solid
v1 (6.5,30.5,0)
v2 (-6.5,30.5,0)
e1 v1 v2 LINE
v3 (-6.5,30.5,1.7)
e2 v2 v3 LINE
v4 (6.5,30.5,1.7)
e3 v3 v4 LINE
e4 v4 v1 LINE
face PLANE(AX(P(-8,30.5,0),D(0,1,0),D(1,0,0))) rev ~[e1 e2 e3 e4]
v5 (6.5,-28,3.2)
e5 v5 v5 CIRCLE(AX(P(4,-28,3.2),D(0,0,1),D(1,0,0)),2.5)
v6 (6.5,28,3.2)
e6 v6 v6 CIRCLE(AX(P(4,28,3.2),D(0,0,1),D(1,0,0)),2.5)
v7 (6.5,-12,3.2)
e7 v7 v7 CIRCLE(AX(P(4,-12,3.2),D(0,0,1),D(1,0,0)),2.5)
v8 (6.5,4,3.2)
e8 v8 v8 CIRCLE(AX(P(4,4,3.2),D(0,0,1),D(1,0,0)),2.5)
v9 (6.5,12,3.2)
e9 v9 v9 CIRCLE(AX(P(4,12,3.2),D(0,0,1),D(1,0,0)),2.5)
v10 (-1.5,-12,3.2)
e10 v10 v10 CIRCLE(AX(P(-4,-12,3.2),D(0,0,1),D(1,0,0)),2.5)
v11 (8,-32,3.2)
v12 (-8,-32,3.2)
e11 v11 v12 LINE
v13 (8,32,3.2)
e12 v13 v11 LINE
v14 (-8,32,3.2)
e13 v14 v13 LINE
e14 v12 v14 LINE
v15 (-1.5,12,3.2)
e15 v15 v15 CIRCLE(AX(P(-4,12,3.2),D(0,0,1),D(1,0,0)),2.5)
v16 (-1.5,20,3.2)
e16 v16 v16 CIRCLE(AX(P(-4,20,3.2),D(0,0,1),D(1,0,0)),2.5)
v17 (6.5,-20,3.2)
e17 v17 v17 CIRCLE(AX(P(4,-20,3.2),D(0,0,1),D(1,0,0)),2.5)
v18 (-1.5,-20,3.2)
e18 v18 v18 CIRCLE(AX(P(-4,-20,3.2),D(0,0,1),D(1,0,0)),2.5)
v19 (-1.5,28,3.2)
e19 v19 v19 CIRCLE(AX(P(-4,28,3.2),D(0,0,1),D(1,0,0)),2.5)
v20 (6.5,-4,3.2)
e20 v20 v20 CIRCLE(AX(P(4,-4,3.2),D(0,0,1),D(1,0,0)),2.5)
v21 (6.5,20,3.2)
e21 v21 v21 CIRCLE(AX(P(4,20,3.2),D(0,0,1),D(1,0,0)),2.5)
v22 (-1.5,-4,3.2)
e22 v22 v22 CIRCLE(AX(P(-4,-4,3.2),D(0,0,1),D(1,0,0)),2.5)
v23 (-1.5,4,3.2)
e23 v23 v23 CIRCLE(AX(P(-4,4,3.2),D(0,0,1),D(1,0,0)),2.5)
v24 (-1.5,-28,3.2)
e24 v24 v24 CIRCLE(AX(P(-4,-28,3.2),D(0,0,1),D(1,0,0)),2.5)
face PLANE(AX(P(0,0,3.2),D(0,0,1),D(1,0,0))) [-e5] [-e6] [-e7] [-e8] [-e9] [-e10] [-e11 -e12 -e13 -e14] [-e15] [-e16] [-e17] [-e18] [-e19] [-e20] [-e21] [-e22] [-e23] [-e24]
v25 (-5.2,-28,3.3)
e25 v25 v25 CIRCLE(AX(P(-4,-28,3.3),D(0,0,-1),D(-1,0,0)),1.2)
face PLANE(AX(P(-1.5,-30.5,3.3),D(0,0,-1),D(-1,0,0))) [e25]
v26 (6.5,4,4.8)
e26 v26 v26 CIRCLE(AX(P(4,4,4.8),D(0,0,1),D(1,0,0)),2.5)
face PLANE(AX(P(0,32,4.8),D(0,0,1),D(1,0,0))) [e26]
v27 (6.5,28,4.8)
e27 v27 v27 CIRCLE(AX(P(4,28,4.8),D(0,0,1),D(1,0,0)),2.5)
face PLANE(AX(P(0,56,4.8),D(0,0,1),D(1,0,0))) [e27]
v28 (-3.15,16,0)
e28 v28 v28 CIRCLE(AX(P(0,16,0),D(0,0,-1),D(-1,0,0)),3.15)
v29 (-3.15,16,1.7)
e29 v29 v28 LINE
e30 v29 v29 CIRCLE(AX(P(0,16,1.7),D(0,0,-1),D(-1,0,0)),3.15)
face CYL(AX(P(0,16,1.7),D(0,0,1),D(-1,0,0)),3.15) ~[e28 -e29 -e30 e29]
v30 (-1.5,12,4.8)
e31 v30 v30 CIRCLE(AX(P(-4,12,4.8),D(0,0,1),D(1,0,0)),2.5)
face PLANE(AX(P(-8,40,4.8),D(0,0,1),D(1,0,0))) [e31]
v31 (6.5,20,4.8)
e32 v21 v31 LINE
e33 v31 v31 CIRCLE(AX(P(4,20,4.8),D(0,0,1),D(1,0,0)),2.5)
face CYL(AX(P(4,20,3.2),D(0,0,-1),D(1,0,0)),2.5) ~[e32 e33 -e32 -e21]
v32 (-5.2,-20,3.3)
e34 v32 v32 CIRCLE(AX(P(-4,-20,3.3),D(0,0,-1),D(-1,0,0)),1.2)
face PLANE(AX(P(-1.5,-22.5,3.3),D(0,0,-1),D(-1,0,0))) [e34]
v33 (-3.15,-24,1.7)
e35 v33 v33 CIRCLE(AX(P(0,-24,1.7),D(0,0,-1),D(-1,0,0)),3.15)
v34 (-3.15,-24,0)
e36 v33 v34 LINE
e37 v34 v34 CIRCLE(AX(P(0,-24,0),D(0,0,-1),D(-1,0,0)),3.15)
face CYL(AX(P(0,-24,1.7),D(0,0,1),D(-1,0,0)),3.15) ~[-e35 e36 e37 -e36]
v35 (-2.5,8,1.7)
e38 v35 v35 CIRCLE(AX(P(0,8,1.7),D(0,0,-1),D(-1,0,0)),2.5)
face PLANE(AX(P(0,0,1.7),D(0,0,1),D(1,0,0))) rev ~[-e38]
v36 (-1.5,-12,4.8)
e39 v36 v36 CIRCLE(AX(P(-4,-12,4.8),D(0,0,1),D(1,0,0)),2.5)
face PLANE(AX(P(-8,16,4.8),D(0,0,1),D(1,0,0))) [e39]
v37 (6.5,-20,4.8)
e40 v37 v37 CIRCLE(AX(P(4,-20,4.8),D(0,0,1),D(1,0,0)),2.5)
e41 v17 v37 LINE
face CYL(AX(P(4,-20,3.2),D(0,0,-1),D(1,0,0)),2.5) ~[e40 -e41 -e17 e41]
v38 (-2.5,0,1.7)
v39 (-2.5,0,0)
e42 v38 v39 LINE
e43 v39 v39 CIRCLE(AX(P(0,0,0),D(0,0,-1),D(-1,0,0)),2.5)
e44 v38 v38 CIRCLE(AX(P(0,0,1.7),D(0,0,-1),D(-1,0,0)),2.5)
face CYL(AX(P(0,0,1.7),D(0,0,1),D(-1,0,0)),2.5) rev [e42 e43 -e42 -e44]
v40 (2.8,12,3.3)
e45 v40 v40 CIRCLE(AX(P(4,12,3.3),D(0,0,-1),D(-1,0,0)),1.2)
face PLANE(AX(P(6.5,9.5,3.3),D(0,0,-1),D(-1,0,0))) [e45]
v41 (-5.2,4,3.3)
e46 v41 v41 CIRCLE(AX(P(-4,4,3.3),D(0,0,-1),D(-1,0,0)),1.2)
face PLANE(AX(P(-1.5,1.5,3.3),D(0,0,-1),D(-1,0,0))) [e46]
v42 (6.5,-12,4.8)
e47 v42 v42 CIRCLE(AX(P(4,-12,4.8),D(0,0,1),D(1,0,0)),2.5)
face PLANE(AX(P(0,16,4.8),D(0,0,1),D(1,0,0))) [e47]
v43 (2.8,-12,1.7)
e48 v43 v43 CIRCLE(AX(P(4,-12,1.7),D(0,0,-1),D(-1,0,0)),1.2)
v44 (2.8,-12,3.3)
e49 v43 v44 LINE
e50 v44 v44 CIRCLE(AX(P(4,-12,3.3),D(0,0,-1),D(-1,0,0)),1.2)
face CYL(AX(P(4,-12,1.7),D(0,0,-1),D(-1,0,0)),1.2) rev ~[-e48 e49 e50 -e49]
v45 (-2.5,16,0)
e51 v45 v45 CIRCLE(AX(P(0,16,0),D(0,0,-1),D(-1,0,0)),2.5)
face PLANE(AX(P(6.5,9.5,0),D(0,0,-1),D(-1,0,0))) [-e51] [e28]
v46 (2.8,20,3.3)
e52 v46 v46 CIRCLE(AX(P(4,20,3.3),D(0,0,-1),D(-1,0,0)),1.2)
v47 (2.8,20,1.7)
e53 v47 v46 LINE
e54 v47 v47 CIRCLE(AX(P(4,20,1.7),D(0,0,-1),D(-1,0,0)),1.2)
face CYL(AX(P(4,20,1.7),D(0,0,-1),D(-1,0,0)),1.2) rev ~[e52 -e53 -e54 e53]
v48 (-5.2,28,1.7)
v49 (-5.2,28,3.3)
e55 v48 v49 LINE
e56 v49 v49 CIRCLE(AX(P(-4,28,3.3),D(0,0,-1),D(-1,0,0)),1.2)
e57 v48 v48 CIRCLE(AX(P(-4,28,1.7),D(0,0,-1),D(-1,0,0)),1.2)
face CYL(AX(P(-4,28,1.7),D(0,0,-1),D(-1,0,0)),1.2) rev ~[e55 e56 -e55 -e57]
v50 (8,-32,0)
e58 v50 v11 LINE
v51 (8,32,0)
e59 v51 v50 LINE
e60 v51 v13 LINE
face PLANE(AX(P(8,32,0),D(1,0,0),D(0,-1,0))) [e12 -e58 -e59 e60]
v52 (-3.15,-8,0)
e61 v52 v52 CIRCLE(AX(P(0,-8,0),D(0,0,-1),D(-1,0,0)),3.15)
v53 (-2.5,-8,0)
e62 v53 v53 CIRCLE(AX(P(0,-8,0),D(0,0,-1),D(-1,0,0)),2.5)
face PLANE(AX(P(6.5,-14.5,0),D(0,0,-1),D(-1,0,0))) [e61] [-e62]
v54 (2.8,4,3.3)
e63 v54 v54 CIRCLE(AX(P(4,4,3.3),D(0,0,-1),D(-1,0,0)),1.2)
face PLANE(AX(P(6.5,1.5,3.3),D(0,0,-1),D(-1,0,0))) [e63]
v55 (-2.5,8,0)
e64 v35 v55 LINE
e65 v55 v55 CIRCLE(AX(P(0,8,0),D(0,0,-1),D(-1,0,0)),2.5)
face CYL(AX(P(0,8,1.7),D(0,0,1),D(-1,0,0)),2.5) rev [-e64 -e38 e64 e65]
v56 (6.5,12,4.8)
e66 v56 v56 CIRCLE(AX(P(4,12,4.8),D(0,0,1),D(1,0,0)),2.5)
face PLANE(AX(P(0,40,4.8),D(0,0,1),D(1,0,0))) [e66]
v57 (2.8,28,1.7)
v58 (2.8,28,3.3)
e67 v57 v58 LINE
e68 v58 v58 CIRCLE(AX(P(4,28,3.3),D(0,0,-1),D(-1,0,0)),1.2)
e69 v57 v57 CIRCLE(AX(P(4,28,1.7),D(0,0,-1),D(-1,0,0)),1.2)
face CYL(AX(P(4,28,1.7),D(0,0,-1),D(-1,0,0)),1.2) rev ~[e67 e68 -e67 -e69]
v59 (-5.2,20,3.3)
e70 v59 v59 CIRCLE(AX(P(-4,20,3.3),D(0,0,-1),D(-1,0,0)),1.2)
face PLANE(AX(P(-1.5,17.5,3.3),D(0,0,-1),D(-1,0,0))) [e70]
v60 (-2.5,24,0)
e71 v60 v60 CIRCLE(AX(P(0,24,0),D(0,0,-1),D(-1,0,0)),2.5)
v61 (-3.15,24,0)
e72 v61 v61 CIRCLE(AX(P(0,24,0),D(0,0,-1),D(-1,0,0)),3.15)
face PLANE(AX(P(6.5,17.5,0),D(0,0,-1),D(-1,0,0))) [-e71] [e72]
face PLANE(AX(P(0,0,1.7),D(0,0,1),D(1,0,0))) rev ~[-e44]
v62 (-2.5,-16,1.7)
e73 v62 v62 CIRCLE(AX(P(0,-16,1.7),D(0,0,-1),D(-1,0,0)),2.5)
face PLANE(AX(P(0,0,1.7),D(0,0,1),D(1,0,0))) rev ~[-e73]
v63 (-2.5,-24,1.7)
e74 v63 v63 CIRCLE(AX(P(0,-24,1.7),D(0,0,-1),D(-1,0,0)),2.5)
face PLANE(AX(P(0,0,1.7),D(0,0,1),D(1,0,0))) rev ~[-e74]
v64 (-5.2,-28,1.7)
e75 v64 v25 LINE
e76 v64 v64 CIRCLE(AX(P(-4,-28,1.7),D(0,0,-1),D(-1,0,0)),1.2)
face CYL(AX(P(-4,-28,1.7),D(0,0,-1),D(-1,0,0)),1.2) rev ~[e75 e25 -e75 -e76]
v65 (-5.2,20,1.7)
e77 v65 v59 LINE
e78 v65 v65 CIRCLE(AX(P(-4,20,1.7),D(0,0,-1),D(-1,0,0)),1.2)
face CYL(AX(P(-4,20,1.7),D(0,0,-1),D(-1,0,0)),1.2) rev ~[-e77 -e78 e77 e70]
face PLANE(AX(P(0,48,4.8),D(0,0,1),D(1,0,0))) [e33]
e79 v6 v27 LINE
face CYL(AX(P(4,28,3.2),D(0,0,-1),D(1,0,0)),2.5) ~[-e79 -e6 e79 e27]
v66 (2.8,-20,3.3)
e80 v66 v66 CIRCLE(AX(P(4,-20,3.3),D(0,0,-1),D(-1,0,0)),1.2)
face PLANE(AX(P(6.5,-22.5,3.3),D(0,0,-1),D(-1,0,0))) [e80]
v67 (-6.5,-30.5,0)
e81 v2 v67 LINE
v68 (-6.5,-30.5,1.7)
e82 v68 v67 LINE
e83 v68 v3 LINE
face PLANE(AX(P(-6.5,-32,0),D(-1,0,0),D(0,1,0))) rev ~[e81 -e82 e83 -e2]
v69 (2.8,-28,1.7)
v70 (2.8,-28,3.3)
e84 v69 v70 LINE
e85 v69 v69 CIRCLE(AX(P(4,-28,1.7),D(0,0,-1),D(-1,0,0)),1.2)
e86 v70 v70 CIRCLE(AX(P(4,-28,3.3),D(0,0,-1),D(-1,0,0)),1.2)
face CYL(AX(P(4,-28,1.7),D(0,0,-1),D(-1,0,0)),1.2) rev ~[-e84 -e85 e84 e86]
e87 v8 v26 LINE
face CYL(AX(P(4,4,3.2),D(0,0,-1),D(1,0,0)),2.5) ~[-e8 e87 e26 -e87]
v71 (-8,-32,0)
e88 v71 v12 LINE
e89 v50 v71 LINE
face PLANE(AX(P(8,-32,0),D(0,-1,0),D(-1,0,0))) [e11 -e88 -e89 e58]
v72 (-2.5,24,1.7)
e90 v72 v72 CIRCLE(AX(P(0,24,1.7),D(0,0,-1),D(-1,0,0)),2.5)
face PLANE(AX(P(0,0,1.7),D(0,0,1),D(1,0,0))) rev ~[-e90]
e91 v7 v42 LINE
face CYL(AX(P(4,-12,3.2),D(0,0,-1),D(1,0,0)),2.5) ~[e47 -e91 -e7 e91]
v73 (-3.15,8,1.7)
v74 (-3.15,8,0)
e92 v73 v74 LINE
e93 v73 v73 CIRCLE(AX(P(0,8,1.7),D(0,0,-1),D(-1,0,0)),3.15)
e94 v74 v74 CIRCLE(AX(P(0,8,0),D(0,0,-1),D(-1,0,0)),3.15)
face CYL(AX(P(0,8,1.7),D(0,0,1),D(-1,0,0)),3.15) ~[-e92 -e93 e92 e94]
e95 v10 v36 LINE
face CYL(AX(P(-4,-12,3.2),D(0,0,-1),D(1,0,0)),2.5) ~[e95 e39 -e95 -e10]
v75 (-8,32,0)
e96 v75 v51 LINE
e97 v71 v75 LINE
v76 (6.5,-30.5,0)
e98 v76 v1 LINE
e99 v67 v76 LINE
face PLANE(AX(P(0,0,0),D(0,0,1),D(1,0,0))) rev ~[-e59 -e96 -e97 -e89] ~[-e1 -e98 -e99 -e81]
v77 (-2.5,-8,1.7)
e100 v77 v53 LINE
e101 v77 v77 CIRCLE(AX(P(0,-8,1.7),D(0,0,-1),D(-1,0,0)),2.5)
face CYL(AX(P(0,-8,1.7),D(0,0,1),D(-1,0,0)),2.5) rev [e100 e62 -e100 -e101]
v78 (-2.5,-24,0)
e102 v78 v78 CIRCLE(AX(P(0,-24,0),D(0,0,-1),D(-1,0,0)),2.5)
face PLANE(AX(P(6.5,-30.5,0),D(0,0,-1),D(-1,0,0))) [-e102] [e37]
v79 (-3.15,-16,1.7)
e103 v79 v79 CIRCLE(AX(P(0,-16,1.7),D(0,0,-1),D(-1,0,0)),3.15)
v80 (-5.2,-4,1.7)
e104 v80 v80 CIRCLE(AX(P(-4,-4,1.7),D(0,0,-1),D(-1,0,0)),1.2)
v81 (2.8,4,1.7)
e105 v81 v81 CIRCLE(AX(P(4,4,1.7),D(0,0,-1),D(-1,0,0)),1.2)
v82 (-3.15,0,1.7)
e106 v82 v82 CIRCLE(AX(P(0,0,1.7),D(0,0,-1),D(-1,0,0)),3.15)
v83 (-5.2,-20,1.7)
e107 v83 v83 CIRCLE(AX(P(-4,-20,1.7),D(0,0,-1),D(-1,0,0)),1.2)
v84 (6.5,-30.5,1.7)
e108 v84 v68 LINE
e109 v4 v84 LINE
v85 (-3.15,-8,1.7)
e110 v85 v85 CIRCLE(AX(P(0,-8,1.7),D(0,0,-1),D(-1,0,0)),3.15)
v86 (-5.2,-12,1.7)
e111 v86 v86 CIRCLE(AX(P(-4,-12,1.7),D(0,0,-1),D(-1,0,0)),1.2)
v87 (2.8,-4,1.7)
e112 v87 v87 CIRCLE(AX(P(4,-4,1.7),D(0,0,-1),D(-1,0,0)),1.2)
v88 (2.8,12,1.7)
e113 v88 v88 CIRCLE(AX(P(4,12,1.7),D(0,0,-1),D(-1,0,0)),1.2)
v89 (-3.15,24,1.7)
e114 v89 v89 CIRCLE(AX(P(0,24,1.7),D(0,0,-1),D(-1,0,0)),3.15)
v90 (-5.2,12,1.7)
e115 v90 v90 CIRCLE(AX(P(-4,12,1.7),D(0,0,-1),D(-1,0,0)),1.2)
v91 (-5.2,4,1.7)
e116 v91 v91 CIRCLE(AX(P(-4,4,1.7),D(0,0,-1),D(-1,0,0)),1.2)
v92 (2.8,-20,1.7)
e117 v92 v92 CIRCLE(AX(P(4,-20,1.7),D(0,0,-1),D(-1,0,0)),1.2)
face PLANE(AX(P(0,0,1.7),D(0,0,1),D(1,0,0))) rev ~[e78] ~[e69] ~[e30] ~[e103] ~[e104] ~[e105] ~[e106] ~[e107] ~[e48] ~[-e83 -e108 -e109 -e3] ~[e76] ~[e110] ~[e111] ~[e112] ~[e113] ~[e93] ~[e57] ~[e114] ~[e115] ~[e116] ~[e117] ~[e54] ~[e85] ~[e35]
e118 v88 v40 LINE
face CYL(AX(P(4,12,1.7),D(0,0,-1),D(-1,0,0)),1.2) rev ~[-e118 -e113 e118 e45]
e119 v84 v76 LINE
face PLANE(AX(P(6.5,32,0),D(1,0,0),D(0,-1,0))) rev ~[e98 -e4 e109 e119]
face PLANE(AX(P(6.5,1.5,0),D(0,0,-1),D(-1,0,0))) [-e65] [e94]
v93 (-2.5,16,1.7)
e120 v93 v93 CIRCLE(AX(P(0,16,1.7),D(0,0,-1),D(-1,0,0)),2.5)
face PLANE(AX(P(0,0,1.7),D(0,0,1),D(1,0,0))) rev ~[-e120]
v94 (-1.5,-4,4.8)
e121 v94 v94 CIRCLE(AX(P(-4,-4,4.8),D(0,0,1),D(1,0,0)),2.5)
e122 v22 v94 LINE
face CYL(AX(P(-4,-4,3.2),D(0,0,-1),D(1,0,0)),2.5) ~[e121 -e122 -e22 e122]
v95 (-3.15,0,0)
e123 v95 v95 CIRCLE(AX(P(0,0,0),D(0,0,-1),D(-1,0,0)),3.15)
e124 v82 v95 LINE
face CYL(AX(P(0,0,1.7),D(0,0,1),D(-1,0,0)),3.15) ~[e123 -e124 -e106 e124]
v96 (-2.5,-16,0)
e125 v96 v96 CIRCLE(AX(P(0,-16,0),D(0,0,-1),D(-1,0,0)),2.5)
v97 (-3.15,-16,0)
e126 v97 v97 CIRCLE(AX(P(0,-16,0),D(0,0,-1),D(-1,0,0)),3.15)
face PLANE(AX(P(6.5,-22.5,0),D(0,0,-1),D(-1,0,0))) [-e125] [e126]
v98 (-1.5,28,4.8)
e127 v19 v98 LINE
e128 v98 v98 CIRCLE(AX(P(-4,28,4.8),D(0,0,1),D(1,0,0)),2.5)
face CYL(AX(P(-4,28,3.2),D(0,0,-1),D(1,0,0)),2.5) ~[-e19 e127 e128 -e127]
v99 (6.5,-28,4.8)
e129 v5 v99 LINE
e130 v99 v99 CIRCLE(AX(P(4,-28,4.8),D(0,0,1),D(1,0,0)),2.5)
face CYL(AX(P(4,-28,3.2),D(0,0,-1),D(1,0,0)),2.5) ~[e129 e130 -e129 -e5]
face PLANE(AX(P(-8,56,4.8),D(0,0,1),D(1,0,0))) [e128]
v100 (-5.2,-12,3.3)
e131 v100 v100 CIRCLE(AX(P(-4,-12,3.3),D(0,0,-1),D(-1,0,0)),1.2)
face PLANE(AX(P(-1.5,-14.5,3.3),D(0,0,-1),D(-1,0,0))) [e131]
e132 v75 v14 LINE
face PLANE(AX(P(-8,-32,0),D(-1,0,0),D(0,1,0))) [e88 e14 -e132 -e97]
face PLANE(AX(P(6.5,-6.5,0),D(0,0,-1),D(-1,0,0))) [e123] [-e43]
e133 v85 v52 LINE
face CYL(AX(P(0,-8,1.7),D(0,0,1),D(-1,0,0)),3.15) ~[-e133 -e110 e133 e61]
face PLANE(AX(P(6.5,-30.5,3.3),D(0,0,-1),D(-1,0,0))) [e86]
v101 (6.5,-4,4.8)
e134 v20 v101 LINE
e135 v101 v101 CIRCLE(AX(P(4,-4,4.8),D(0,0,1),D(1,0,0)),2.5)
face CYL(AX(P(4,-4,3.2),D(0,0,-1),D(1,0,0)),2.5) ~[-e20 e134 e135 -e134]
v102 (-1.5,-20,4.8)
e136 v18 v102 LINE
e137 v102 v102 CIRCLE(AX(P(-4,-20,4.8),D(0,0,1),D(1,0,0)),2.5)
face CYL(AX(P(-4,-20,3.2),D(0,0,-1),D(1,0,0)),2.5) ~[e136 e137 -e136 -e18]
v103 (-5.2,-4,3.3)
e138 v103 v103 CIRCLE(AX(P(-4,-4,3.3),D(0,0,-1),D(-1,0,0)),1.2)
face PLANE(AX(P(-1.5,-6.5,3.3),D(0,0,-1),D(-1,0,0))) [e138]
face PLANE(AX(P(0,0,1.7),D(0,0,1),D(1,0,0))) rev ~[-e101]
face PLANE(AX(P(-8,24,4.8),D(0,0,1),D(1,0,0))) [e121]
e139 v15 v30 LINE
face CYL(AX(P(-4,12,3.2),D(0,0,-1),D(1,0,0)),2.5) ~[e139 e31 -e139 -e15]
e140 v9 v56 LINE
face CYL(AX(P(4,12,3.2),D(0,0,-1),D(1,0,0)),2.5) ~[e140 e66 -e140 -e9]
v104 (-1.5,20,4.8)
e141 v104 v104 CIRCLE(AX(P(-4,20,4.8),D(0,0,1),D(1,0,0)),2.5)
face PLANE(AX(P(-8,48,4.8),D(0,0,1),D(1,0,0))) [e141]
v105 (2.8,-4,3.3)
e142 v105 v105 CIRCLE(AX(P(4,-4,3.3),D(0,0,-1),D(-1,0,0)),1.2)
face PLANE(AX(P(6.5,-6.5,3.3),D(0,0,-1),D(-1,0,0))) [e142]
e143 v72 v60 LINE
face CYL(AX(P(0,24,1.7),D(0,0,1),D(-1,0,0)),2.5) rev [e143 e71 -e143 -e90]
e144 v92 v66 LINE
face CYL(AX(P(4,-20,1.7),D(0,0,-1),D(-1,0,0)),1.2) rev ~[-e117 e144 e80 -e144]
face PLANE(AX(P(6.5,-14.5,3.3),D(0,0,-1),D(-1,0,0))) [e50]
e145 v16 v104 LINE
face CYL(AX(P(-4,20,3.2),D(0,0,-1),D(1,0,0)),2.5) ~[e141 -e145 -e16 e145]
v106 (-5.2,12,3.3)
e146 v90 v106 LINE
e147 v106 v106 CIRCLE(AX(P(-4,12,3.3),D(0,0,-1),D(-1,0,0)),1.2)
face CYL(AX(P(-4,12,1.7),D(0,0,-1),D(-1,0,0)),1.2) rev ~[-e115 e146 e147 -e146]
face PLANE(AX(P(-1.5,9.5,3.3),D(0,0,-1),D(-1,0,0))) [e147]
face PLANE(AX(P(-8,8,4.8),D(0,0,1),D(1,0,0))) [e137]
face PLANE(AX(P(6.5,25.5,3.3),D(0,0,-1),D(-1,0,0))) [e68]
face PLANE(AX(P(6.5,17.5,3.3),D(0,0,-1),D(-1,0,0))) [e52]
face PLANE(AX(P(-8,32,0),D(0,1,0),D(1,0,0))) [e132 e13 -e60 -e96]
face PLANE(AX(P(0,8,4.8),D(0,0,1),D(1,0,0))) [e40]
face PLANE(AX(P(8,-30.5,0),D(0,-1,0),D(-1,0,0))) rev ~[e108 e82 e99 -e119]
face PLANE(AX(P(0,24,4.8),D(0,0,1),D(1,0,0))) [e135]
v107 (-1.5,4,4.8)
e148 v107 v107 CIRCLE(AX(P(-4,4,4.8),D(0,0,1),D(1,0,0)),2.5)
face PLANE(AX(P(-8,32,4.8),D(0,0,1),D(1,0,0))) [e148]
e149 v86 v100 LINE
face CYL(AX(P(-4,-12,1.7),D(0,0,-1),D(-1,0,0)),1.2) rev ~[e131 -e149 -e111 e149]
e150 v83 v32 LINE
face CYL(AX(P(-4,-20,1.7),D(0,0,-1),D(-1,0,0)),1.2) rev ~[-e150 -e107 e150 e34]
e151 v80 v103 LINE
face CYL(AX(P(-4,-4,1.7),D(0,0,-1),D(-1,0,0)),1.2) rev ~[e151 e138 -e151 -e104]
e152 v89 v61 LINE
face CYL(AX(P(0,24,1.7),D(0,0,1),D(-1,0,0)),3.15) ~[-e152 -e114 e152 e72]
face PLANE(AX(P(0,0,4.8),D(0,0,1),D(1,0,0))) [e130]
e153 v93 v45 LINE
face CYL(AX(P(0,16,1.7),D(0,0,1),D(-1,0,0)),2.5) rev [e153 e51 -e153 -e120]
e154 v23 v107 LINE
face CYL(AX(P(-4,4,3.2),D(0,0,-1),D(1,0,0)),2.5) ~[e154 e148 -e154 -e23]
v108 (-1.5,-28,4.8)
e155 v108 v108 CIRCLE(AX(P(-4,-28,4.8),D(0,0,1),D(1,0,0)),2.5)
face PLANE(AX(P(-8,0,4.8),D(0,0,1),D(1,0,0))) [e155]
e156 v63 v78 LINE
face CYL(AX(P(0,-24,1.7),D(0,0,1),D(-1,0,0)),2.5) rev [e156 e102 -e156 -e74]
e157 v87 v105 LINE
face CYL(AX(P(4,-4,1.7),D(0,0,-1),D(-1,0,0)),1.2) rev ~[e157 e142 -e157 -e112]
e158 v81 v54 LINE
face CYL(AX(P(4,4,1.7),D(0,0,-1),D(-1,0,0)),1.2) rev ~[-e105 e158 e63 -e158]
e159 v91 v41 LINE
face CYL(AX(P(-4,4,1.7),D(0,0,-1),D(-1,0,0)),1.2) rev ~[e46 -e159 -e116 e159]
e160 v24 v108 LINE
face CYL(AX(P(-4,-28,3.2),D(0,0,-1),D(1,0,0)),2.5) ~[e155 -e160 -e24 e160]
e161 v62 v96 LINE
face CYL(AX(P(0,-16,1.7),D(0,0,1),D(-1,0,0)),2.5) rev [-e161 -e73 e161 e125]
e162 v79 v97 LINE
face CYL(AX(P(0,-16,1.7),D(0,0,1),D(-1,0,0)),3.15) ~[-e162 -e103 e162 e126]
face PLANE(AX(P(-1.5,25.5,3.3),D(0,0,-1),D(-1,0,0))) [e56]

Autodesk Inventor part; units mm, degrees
ref_plane "YZ Plane" through (0, 0, 0) normal (1, 0, 0) x (0, 1, 0)
ref_plane "XZ Plane" through (0, 0, 0) normal (0, 1, 0) x (-1, 0, 0)
ref_plane "XY Plane" through (0, 0, 0) normal (0, 0, 1) x (1, 0, 0)
sketch "Sketch1" plane through (0, 0, 0) normal (0, 0, 1) x (1, 0, 0)
  line L0 (-8, 32) -> (8, 32)
  line L1 (8, 32) -> (8, -32)
  line L2 (8, -32) -> (-8, -32)
  line L3 (-8, -32) -> (-8, 32)
  point P0 (0, 0)
  dimension "d0" = 16
  dimension "d1" = 64
  dimension "d2" = 8
  dimension "d3" = 32
extrude "Extrusion1" add sketch "Sketch1" along normal blind 3.2
shell "Shell1" thickness 1.5 removed faces 1 at (-2.6667, 10.6667, 0)
sketch "Sketch2" plane through (0, 0, 3.2) normal (0, 0, 1) x (1, 0, 0)
  circle A0 centre (4, -28) radius 2.5
  line L0 (8, 32) -> (8, -32) projected
  line L1 (8, -32) -> (-8, -32) projected
  dimension "d7" = 5
  dimension "d10" = 4
  dimension "d11" = 4
extrude "Extrusion2" add sketch "Sketch2" along normal blind 1.6
sketch "Sketch3" plane through (6.5, -30.5, 1.7) normal (0, 0, -1) x (-1, 0, 0)
  circle A0 centre (2.5, 2.5) radius 2.5 projected
  circle A1 centre (2.5, 2.5) radius 1.2
  point P0 (6.5, 30.5)
  dimension "d18" = 2.4
extrude "Extrusion3" cut sketch "Sketch3" against normal blind 1.6 contours A1
pattern_linear "Rectangular Pattern1" count 8 spacing 8 along (0, 1, 0) count 2 spacing 8 along (-1, 0, 0) of "Extrusion2", "Extrusion3"
sketch "Sketch4" plane through (6.5, -30.5, 1.7) normal (0, 0, -1) x (-1, 0, 0)
  circle A0 centre (2.5, 10.5) radius 1.2 projected
  circle A1 centre (2.5, 2.5) radius 1.2 projected
  line L0 (0, 61) -> (0, 0) projected
  line L1 (0, 0) -> (13, 0) projected
  circle A2 centre (6.5, 6.5) radius 3.15
  circle A3 centre (6.5, 6.5) radius 2.5
  point P0 (6.5, 30.5)
  dimension "d21" = 6.5
  dimension "d22" = 6.5
  dimension "d23" = 10.5
  dimension "d24" = 2.5
  dimension "d25" = 5
  dimension "d26" = 6.3
extrude "Extrusion4" add sketch "Sketch4" along normal up to surface (1.7 mm away) contours A2
pattern_linear "Rectangular Pattern2" count 7 spacing 8 along (0, 1, 0) of "Extrusion4"
equation "\"d0\" = 8 * WIDTH"
equation "\"d1\" = 8 * LENGTH"
equation "\"d2\" = 0.5 * d0"
equation "\"d3\" = 0.5 * d1"
equation "\"d4\" = HEIGHT"
equation "\"d21\" = 0.5 * d23 + 0.5 * d24"
equation "\"d22\" = d21"
equation "\"WIDTH\" = 2"
equation "\"HEIGHT\" = 3.2"
equation "\"LENGTH\" = 8"
properties part number "3034" material "Steel"
